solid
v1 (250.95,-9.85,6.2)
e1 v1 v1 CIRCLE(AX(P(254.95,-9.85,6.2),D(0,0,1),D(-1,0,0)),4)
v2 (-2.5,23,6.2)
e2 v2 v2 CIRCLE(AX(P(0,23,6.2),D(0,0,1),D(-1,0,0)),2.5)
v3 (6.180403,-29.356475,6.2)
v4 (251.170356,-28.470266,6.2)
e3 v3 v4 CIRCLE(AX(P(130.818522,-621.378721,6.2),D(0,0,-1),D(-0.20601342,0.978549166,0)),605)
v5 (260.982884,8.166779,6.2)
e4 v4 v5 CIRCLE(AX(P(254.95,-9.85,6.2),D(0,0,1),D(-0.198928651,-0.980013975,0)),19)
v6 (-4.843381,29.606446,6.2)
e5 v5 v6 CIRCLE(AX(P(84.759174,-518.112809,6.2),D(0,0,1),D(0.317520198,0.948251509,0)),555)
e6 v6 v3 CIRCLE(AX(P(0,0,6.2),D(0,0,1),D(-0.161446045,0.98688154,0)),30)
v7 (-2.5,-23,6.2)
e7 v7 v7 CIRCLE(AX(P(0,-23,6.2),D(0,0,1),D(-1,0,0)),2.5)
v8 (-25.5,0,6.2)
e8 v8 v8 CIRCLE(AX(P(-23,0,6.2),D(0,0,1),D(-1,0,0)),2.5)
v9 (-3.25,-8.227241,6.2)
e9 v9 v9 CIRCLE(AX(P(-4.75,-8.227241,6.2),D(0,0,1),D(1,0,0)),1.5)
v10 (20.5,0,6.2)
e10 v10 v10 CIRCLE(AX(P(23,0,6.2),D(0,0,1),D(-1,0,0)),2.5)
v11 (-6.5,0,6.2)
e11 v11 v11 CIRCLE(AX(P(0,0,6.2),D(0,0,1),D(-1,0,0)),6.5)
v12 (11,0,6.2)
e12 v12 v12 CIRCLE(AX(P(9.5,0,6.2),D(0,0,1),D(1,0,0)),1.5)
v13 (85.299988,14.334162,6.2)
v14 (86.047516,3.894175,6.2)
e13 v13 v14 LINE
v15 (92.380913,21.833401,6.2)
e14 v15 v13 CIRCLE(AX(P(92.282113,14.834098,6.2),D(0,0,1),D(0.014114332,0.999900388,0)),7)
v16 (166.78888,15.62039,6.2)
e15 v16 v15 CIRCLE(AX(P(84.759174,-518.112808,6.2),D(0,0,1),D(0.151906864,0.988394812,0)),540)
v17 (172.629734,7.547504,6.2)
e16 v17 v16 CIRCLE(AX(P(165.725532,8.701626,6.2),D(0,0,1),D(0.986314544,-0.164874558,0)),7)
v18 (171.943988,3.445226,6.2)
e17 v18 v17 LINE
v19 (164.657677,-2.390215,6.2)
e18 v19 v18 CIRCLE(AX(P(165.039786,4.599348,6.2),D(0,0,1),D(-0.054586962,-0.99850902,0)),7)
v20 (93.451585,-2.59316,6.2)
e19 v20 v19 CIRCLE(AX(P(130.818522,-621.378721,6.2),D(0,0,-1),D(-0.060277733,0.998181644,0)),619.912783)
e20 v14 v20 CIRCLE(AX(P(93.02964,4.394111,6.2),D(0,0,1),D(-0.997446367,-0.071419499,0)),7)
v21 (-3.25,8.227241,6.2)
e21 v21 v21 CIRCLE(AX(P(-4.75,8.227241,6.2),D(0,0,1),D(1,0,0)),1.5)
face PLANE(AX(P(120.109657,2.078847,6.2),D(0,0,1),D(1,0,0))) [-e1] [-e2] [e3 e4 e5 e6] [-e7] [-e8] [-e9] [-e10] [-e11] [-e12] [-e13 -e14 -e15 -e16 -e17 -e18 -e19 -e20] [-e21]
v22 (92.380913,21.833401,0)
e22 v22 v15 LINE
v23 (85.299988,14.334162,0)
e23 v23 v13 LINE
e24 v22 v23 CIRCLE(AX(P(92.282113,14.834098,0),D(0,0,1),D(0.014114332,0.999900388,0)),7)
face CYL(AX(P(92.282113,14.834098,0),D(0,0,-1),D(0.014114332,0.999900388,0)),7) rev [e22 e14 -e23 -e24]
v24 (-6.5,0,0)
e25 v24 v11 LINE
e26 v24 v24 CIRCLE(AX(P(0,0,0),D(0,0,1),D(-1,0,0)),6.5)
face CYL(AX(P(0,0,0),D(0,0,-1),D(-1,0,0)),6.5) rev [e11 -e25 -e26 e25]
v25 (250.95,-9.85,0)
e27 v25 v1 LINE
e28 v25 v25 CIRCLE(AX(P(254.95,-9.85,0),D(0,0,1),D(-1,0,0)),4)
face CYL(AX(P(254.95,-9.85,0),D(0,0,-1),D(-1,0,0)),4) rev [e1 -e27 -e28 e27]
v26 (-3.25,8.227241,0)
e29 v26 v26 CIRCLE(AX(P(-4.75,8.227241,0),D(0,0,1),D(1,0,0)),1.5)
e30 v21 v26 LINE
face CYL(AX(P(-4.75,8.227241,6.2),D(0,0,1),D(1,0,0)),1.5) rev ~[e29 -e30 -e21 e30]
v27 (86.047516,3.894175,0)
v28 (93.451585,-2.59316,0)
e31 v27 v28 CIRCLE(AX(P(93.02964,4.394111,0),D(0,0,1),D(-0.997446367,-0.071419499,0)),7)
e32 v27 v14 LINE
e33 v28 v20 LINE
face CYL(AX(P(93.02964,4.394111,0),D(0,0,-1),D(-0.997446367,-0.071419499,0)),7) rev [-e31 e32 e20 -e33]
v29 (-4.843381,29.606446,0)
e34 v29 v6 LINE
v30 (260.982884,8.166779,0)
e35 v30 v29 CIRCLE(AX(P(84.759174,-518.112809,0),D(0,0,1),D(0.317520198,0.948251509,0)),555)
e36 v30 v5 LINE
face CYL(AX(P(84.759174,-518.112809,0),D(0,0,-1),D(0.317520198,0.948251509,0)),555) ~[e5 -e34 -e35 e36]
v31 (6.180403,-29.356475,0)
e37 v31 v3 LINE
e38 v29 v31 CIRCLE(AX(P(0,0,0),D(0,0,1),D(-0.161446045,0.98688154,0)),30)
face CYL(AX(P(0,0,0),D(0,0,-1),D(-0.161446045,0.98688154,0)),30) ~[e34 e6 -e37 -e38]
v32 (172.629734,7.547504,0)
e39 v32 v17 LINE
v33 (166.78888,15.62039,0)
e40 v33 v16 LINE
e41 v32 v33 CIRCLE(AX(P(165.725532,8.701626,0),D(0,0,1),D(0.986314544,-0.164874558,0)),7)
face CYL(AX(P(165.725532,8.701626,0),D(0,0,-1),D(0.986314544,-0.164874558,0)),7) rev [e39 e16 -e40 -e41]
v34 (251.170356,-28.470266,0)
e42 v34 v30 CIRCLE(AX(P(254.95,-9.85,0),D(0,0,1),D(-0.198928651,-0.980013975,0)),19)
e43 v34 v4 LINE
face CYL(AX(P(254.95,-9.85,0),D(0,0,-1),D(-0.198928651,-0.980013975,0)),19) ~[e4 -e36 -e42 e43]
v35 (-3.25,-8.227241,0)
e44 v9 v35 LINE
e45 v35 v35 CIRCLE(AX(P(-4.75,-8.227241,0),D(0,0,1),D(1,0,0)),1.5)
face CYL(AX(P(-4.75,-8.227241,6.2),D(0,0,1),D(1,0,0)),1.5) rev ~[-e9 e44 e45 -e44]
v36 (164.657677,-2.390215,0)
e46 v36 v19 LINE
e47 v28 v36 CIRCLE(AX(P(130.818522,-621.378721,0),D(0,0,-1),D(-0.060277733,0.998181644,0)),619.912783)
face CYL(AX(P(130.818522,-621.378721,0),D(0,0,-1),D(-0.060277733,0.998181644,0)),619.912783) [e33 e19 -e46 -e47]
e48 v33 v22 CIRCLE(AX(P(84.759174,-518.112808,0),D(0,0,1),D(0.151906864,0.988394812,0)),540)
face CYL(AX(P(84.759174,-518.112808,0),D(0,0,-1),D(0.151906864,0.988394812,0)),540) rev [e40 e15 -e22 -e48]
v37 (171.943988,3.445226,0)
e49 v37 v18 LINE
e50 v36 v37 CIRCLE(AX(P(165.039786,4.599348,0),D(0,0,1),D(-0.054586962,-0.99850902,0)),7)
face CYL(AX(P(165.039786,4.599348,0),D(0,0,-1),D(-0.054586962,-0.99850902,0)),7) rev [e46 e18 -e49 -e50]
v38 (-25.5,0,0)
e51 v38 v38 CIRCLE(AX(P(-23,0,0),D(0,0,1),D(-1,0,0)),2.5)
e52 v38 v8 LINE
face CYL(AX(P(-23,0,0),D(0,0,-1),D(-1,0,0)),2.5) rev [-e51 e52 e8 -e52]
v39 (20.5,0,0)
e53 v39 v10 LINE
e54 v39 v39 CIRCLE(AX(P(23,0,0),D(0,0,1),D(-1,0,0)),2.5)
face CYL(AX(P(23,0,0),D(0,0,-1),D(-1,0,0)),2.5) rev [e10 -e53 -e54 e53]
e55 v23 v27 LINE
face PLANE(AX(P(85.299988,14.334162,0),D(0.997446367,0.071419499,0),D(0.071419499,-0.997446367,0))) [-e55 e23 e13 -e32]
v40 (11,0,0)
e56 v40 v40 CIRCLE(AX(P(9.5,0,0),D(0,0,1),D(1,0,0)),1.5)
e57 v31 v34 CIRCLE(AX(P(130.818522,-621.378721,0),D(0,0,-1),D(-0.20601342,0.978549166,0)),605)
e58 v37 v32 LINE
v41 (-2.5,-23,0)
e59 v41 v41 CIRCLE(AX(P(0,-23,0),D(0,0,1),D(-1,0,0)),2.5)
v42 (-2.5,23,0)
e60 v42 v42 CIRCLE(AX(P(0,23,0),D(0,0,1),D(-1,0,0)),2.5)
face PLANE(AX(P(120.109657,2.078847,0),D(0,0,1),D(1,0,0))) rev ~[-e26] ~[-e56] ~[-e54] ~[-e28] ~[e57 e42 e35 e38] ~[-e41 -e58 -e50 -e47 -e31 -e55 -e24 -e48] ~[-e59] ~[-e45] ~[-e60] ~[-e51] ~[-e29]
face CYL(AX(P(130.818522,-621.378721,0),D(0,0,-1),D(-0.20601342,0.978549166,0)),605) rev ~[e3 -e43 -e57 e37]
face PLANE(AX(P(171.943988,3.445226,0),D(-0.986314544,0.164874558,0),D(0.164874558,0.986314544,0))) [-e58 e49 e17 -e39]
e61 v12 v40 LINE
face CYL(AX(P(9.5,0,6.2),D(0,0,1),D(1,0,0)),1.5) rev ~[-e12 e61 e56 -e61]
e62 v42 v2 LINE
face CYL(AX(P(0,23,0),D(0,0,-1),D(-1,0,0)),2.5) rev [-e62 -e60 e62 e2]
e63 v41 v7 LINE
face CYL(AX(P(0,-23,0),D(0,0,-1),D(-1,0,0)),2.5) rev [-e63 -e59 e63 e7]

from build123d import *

# Parameters (mm, degrees)
SKETCH1_R           = 4
SKETCH1_R_2         = 2.5
SKETCH1_R_3         = 6.5
BOSS_EXTRUDE1_DEPTH = 6.2
CUT_EXTRUDE1_REACH  = 278.492
SKETCH2_R           = 1.5


with BuildPart() as part:
    # Sketch1 → Boss-Extrude1 (new body)
    with BuildSketch(Plane.XY):
        with BuildLine():
            ThreePointArc((-4.843381354, 29.606446208), (-29.489039073, -5.513308858), (6.180402599, -29.356474988))
            ThreePointArc((6.180402599, -29.356474988), (128.63005147, -16.382678773), (251.170355628, -28.47026553))
            ThreePointArc((251.170355628, -28.47026553), (273.303133895, -14.765534175), (260.982883768, 8.166778664))
            ThreePointArc((260.982883768, 8.166778664), (129.376669821, 35.090841966), (-4.843381354, 29.606446208))
        make_face()
        with Locations(Location((254.95, -9.85, 0), (0, 0, 180))):
            Circle(SKETCH1_R, mode=Mode.SUBTRACT)
        with Locations(Location((0, 23, 0), (0, 0, 180))):
            Circle(SKETCH1_R_2, mode=Mode.SUBTRACT)
        with Locations(Location((0, -23, 0), (0, 0, 180))):
            Circle(SKETCH1_R_2, mode=Mode.SUBTRACT)
        with Locations(Location((-23, 0, 0), (0, 0, 180))):
            Circle(SKETCH1_R_2, mode=Mode.SUBTRACT)
        with Locations(Location((23, 0, 0), (0, 0, 180))):
            Circle(SKETCH1_R_2, mode=Mode.SUBTRACT)
        with Locations(Location((0, 0, 0), (0, 0, 180))):
            Circle(SKETCH1_R_3, mode=Mode.SUBTRACT)
        with BuildLine():
            Line((85.299988347, 14.334161591), (86.047515876, 3.894174942))
            ThreePointArc((86.047515876, 3.894174942), (88.416575223, -0.870831987), (93.451584576, -2.593160073))
            ThreePointArc((93.451584576, -2.593160073), (129.051714651, -1.468455886), (164.657677356, -2.390215498))
            ThreePointArc((164.657677356, -2.390215498), (169.415573807, -0.864394835), (171.943987902, 3.445225739))
            Line((171.943987902, 3.445225739), (172.629734019, 7.547504331))
            ThreePointArc((172.629734019, 7.547504331), (171.396804828, 12.804877005), (166.788880257, 15.62038992))
            ThreePointArc((166.788880257, 15.62038992), (129.692411097, 20.014503602), (92.380913243, 21.833400801))
            ThreePointArc((92.380913243, 21.833400801), (87.192448356, 19.639856576), (85.299988347, 14.334161591))
        make_face(mode=Mode.SUBTRACT)
    extrude(amount=BOSS_EXTRUDE1_DEPTH)

    # Sketch2 → Cut-Extrude1 (cut, up to next)
    with BuildSketch(Plane.XY.offset(6.2), mode=Mode.PRIVATE) as cut_extrude1_sk1:
        with Locations((-4.75, -8.227241336)):
            Circle(SKETCH2_R)
    cut_extrude1_tool1 = extrude(cut_extrude1_sk1.sketch, amount=-CUT_EXTRUDE1_REACH, mode=Mode.PRIVATE) & part.part
    # Sketch2 → Cut-Extrude1 (cut, up to next)
    with BuildSketch(Plane.XY.offset(6.2), mode=Mode.PRIVATE) as cut_extrude1_sk2:
        with Locations((-4.75, 8.227241336)):
            Circle(SKETCH2_R)
    cut_extrude1_tool2 = extrude(cut_extrude1_sk2.sketch, amount=-CUT_EXTRUDE1_REACH, mode=Mode.PRIVATE) & part.part
    # Sketch2 → Cut-Extrude1 (cut, up to next)
    with BuildSketch(Plane.XY.offset(6.2), mode=Mode.PRIVATE) as cut_extrude1_sk3:
        with Locations((9.5, 0)):
            Circle(SKETCH2_R)
    cut_extrude1_tool3 = extrude(cut_extrude1_sk3.sketch, amount=-CUT_EXTRUDE1_REACH, mode=Mode.PRIVATE) & part.part
    add(cut_extrude1_tool1.solids().sort_by_distance((-4.75, -8.227241, 6.2))[0], mode=Mode.SUBTRACT)
    add(cut_extrude1_tool2.solids().sort_by_distance((-4.75, 8.227241, 6.2))[0], mode=Mode.SUBTRACT)
    add(cut_extrude1_tool3.solids().sort_by_distance((9.5, 0, 6.2))[0], mode=Mode.SUBTRACT)


solid = part.part
